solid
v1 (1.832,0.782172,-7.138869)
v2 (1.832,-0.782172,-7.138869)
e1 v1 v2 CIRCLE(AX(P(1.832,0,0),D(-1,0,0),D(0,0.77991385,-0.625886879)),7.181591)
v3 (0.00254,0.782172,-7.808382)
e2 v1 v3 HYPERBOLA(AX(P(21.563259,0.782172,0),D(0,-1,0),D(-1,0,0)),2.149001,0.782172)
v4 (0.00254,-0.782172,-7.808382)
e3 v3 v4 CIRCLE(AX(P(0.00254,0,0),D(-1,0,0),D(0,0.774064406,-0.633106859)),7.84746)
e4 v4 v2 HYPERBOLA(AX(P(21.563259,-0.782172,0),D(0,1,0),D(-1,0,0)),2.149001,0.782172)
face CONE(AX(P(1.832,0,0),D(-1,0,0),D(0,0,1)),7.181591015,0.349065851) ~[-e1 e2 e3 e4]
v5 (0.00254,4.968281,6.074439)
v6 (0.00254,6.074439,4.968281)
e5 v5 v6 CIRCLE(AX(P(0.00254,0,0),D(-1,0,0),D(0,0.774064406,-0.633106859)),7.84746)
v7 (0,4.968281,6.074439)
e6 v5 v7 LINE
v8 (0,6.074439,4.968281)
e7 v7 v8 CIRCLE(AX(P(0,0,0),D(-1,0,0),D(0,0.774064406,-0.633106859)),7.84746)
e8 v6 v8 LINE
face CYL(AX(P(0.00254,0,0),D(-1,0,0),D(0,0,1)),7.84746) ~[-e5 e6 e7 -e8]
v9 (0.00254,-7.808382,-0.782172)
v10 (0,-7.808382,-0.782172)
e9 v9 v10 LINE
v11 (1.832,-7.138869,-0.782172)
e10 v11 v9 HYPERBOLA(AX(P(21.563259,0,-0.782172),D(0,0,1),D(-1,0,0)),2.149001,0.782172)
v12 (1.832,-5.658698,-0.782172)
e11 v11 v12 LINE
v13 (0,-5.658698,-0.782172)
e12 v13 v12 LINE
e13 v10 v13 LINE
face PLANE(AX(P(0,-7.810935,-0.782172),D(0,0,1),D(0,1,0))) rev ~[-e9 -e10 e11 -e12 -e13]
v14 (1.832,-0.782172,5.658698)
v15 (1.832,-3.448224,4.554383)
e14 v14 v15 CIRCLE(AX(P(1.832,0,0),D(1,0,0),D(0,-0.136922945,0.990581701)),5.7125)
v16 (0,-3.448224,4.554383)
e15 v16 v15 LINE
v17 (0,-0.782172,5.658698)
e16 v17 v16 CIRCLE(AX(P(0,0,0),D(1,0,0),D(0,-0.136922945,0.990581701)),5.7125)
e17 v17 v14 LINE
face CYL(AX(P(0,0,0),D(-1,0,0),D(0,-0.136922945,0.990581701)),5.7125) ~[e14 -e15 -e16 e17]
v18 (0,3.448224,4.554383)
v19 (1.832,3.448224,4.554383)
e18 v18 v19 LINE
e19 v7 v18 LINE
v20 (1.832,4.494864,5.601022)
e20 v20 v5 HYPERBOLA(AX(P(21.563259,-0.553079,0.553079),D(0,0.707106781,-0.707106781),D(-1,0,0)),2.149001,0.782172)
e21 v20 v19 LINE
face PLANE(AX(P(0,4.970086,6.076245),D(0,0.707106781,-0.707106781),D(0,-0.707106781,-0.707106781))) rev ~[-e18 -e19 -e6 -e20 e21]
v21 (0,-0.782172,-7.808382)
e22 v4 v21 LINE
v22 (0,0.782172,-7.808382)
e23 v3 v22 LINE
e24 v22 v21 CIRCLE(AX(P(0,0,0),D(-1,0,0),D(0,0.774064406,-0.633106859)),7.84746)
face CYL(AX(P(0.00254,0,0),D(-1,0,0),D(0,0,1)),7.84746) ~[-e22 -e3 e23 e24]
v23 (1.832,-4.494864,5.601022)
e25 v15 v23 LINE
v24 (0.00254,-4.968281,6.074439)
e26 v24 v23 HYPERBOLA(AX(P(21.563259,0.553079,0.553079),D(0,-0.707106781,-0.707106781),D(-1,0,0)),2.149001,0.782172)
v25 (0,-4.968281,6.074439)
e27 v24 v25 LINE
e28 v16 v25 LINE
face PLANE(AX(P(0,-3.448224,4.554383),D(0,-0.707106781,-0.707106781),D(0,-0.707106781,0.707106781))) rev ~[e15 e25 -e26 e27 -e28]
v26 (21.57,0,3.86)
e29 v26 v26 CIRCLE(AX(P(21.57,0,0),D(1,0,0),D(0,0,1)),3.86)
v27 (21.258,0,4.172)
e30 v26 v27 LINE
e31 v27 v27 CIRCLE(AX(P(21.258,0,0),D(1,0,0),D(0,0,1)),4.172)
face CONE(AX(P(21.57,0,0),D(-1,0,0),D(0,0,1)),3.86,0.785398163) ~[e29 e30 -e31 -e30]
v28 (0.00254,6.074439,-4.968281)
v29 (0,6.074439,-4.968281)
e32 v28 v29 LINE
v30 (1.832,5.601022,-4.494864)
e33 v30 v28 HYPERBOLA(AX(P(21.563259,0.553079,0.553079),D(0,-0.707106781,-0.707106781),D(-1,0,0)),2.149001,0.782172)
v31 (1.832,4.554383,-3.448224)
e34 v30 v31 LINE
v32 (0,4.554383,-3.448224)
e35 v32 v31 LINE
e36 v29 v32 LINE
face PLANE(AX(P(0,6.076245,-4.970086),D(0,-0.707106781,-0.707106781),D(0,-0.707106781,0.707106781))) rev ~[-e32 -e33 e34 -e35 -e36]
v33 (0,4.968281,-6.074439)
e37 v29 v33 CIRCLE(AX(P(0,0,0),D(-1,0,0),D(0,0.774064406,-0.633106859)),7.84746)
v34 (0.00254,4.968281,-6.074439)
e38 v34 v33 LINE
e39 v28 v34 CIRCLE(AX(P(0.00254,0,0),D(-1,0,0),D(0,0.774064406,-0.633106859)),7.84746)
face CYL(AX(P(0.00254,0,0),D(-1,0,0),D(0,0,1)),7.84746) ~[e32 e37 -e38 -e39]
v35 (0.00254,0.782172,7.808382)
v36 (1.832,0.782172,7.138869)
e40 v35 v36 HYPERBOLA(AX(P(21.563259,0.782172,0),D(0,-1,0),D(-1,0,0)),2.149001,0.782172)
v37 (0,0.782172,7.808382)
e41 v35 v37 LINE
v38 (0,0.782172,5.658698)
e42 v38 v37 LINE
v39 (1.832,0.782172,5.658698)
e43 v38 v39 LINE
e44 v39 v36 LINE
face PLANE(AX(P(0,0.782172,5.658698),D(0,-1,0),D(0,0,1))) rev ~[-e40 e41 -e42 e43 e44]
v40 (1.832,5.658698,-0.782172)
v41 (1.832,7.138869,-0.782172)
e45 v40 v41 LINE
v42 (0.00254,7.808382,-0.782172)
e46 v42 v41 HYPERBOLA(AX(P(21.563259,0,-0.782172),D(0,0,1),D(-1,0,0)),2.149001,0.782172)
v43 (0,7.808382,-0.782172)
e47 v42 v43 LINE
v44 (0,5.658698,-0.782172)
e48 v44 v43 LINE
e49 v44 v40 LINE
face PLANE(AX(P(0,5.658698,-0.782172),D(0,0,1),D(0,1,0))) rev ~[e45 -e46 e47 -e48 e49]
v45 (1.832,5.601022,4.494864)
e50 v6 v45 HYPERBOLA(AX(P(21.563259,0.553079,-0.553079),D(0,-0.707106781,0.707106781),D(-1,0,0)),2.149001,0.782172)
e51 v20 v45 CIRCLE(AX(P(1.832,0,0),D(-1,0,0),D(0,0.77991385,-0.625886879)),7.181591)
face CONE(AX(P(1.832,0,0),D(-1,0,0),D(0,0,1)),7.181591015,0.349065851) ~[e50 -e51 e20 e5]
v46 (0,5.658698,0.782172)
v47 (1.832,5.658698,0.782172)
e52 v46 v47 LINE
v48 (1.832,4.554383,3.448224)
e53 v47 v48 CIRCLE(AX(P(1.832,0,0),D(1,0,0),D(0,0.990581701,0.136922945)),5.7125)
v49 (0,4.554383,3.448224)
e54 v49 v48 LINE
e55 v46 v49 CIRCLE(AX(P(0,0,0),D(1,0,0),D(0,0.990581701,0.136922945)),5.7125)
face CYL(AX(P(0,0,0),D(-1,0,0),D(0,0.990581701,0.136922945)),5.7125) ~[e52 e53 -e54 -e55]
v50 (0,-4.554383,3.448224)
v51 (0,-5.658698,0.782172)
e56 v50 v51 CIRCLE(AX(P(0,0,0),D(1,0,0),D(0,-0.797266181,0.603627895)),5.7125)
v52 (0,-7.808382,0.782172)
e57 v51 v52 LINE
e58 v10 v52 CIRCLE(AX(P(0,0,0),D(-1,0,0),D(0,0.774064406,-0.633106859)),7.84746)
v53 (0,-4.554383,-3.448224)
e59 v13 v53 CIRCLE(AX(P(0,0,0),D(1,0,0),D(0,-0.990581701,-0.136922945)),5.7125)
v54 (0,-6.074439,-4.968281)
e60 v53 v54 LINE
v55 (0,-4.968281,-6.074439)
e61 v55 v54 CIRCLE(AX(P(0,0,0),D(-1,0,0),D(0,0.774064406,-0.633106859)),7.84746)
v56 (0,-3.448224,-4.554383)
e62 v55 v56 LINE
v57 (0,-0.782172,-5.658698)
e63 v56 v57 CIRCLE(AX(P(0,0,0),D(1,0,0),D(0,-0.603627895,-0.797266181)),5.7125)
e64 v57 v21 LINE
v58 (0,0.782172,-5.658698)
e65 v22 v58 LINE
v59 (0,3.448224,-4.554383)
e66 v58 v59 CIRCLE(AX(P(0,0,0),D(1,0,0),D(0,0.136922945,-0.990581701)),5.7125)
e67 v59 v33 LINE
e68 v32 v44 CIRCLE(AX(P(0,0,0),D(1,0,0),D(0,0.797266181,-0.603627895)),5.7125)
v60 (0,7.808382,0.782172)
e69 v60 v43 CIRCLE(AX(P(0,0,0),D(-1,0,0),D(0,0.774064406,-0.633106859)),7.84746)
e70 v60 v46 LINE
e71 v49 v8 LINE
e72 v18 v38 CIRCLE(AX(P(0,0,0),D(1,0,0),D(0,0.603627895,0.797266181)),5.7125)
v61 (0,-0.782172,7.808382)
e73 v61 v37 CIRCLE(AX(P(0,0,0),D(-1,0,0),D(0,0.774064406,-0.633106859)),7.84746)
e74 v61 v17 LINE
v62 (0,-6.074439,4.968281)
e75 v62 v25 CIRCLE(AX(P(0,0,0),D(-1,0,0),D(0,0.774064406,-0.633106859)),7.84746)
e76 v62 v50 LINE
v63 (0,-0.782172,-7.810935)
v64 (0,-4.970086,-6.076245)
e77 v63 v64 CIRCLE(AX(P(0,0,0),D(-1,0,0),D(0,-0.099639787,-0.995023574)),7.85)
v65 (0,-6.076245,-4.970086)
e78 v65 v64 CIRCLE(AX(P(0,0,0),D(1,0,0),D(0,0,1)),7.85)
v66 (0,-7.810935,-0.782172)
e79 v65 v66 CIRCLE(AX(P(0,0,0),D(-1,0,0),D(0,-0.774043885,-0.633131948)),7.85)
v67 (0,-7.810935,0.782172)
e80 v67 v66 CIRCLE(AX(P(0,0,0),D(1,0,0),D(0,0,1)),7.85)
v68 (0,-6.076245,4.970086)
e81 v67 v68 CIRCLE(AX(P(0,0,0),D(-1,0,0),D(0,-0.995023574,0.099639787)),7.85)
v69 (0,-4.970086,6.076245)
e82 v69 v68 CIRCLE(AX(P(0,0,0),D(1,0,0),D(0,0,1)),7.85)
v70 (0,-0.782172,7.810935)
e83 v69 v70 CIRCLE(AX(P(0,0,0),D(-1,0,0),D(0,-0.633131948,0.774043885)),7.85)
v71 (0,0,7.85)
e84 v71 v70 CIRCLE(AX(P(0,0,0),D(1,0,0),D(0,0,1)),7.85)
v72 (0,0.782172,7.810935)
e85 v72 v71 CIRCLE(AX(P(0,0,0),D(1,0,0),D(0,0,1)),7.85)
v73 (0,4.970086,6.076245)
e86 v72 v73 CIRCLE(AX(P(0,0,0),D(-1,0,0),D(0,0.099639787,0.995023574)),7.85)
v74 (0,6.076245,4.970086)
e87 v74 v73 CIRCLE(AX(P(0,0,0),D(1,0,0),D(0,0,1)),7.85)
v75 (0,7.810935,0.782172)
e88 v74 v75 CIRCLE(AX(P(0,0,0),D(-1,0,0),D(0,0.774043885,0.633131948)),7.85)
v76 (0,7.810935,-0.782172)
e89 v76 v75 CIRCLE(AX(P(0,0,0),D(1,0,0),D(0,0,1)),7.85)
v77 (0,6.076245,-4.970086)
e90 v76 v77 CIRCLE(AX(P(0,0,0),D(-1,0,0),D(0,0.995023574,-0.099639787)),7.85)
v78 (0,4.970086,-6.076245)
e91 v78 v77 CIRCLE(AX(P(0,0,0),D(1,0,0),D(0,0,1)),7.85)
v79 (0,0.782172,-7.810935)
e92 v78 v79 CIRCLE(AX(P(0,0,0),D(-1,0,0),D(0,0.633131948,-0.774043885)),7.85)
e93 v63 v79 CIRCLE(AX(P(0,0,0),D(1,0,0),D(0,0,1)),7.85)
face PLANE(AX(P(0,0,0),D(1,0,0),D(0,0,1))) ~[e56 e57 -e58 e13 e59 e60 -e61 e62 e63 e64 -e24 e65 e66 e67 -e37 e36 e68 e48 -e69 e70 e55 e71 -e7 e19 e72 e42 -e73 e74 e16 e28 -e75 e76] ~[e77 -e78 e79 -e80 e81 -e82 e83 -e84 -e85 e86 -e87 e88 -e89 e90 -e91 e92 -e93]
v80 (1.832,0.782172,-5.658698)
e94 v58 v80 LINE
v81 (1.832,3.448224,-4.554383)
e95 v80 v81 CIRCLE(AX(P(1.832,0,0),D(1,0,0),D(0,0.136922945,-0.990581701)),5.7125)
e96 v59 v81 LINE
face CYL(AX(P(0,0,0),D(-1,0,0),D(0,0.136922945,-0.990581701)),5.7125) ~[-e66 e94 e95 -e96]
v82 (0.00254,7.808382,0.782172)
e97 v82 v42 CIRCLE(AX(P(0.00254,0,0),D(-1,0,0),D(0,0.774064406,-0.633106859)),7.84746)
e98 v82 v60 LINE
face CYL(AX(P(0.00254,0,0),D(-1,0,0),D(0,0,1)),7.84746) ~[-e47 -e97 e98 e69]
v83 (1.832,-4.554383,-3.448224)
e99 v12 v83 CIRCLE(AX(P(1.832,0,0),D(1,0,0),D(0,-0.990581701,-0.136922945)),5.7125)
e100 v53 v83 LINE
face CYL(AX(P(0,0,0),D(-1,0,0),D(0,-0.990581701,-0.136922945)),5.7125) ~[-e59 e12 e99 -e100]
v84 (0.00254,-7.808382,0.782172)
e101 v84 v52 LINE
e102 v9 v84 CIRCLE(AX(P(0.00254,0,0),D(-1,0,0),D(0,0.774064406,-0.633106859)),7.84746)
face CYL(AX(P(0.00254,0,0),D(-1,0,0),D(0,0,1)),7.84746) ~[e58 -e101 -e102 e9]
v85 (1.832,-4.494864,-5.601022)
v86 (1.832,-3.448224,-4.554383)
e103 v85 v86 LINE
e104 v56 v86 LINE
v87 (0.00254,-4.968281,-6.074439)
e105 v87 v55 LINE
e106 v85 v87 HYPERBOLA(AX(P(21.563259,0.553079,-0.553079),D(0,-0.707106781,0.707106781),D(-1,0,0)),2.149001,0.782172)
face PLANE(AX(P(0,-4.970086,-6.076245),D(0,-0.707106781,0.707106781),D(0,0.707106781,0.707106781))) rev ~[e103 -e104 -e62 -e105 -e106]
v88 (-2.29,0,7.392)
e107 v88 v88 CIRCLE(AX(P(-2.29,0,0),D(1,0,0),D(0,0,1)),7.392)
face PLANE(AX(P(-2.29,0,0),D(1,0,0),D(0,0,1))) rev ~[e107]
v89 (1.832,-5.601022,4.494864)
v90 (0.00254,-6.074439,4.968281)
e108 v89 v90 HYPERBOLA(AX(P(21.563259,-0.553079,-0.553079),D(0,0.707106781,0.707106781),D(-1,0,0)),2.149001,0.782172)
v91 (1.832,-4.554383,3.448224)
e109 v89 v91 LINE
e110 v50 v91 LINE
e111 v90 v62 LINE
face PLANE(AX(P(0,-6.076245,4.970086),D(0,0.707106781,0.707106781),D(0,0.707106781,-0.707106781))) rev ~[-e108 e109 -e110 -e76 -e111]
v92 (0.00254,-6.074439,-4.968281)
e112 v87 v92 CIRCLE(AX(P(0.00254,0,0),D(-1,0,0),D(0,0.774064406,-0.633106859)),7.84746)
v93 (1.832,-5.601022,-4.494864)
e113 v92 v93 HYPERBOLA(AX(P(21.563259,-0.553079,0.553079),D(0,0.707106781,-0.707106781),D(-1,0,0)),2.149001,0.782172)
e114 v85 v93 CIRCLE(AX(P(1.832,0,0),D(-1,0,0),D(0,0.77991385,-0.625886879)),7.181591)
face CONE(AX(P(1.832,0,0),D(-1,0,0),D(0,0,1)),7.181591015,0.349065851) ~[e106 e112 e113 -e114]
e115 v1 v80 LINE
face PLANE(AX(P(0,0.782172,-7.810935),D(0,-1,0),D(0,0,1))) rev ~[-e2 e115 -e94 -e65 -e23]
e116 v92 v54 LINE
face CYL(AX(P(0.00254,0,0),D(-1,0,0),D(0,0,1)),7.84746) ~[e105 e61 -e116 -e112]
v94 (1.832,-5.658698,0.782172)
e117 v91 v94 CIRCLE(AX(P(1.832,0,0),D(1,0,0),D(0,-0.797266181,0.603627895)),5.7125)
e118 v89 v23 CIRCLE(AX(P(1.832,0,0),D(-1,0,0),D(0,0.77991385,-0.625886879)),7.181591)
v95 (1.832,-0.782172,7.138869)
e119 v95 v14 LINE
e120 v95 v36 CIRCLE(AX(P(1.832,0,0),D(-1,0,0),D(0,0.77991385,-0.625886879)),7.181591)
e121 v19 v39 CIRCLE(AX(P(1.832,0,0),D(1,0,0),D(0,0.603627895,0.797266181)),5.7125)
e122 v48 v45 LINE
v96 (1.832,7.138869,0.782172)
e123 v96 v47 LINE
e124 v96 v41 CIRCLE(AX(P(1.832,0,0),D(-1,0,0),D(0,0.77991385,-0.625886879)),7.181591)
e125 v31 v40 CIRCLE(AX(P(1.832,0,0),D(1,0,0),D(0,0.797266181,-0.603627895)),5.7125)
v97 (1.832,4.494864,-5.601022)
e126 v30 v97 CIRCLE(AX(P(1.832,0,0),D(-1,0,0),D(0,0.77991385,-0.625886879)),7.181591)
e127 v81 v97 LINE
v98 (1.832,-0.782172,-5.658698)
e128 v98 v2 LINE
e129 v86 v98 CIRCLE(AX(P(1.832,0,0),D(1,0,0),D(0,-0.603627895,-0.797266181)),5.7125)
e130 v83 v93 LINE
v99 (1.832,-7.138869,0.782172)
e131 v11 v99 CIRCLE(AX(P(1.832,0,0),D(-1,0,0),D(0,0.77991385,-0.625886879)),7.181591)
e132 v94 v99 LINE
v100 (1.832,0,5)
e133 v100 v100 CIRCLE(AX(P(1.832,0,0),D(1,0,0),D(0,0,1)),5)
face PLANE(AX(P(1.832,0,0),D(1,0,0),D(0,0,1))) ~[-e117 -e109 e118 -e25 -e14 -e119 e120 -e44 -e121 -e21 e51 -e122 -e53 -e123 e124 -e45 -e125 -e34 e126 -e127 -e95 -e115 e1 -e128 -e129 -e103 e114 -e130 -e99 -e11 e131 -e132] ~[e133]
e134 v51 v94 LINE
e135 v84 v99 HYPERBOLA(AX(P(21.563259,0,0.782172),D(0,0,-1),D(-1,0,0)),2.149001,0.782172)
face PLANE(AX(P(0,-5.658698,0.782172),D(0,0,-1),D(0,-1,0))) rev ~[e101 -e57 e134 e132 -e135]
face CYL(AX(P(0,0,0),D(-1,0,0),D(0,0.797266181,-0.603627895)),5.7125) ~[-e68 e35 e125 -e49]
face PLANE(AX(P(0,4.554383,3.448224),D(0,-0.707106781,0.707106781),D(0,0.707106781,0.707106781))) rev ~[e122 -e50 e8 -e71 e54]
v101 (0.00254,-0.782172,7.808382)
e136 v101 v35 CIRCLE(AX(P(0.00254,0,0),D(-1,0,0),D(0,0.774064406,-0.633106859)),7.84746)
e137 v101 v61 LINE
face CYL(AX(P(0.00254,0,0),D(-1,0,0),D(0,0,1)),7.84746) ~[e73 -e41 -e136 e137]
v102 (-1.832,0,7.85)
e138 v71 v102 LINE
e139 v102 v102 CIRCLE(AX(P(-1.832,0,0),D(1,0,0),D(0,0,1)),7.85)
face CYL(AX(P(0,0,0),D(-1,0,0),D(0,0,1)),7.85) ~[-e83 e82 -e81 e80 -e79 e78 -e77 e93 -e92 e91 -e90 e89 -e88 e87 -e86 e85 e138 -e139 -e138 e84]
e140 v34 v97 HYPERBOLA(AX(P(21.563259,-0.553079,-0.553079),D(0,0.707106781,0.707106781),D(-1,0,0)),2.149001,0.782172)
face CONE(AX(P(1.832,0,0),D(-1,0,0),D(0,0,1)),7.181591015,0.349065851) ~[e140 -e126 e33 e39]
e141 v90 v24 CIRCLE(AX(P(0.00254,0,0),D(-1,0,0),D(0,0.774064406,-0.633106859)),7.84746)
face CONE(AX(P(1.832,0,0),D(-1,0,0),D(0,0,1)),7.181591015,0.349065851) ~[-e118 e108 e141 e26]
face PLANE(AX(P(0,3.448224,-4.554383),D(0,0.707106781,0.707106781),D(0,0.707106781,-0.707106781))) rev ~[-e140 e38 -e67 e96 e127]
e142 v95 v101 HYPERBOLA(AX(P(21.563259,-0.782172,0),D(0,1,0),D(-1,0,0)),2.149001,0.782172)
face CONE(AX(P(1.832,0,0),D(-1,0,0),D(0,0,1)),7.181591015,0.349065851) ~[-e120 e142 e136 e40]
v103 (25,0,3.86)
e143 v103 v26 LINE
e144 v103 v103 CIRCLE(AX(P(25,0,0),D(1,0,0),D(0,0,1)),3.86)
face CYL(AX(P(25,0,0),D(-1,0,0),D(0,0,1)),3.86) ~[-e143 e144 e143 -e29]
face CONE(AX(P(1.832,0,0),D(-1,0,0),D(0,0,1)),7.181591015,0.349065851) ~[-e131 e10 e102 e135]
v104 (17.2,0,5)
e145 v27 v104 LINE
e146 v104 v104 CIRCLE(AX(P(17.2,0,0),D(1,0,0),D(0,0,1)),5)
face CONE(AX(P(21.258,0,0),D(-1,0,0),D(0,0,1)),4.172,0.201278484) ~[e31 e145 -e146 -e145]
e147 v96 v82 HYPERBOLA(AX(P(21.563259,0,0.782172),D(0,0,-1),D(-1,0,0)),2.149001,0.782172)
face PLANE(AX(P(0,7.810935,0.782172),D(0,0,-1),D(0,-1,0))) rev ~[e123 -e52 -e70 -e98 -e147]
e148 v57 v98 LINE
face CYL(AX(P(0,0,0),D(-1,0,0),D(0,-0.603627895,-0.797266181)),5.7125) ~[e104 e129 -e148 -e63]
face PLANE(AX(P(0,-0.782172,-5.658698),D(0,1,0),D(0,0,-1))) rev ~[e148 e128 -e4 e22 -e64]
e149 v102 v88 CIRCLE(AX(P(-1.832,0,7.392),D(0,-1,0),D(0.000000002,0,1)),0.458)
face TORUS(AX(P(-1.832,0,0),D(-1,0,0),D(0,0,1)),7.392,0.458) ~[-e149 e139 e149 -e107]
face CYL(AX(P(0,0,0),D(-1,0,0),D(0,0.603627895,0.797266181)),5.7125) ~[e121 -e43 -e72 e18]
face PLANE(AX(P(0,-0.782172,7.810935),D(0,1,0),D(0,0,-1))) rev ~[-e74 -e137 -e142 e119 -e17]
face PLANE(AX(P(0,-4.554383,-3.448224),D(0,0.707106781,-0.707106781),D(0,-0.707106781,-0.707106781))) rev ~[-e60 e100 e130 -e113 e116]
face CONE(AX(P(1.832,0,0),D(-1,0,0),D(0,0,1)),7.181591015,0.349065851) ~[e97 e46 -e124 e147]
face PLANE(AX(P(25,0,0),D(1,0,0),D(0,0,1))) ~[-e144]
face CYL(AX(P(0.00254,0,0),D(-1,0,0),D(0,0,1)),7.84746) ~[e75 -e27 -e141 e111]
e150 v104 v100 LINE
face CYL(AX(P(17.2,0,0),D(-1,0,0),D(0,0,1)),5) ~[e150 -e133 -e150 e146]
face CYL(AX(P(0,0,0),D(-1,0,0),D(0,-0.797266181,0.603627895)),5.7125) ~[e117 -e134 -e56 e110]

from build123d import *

# Parameters (mm, degrees)
RIBCUT_START     = -1.832
RIBCUT_DEPTH     = 1.832
RIBCUTSPAT_COUNT = 8
RIBCUTSPAT_ANGLE = 315


with BuildPart() as part:
    # BodySke → BaseBody (revolve)
    with BuildSketch(Plane.XY, mode=Mode.PRIVATE) as basebody_sk:
        with BuildLine():
            Line((-2.29, 7.392), (-2.29, 0))
            Line((-2.29, 0), (25, 0))
            Line((25, 0), (25, 3.86))
            Line((25, 3.86), (21.57, 3.86))
            Line((21.57, 3.86), (21.258, 4.172))
            Line((21.258, 4.172), (17.2, 5))
            Line((17.2, 5), (1.832, 5))
            Line((1.832, 5), (1.832, 7.181591015))
            Line((1.832, 7.181591015), (0.00254, 7.84746))
            Line((0.00254, 7.84746), (0, 7.84746))
            Line((0, 7.84746), (0, 7.85))
            Line((0, 7.85), (-1.832, 7.85))
            ThreePointArc((-1.832, 7.85), (-2.155854906, 7.715854906), (-2.29, 7.392))
        make_face()
    revolve(basebody_sk.sketch.rotate(Axis((0, 0, 0), (1, 0, 0)), 90), axis=Axis((0, 0, 0), (1, 0, 0)))

    # RibCutSke → RibCut (cut)
    with BuildSketch(Plane(origin=(1.832, 1.794401132, -0.090952894), x_dir=(0, 0, -1), z_dir=(1, 0, 0)).offset(RIBCUT_START)):
        with BuildLine():
            Line((0.691219431, 3.864296837), (0.691219431, 6.016533924))
            ThreePointArc((0.691219431, 6.016533924), (2.91311205, 5.458053198), (4.879132896, 4.281843369))
            Line((4.879132896, 4.281843369), (3.357271457, 2.759981929))
            ThreePointArc((3.357271457, 2.759981929), (2.095126213, 3.483260697), (0.691219431, 3.864296837))
        make_face()
    ribcut = extrude(amount=RIBCUT_DEPTH, mode=Mode.SUBTRACT)

    # RibCutsPat: RibCut ×8 about axis
    ribcutspat_axis = Axis((0, 0, 0), (1, 0, 0))
    for i in range(1, RIBCUTSPAT_COUNT):
        add(ribcut.rotate(ribcutspat_axis, i * RIBCUTSPAT_ANGLE / (RIBCUTSPAT_COUNT - 1)), mode=Mode.SUBTRACT)


solid = part.part
